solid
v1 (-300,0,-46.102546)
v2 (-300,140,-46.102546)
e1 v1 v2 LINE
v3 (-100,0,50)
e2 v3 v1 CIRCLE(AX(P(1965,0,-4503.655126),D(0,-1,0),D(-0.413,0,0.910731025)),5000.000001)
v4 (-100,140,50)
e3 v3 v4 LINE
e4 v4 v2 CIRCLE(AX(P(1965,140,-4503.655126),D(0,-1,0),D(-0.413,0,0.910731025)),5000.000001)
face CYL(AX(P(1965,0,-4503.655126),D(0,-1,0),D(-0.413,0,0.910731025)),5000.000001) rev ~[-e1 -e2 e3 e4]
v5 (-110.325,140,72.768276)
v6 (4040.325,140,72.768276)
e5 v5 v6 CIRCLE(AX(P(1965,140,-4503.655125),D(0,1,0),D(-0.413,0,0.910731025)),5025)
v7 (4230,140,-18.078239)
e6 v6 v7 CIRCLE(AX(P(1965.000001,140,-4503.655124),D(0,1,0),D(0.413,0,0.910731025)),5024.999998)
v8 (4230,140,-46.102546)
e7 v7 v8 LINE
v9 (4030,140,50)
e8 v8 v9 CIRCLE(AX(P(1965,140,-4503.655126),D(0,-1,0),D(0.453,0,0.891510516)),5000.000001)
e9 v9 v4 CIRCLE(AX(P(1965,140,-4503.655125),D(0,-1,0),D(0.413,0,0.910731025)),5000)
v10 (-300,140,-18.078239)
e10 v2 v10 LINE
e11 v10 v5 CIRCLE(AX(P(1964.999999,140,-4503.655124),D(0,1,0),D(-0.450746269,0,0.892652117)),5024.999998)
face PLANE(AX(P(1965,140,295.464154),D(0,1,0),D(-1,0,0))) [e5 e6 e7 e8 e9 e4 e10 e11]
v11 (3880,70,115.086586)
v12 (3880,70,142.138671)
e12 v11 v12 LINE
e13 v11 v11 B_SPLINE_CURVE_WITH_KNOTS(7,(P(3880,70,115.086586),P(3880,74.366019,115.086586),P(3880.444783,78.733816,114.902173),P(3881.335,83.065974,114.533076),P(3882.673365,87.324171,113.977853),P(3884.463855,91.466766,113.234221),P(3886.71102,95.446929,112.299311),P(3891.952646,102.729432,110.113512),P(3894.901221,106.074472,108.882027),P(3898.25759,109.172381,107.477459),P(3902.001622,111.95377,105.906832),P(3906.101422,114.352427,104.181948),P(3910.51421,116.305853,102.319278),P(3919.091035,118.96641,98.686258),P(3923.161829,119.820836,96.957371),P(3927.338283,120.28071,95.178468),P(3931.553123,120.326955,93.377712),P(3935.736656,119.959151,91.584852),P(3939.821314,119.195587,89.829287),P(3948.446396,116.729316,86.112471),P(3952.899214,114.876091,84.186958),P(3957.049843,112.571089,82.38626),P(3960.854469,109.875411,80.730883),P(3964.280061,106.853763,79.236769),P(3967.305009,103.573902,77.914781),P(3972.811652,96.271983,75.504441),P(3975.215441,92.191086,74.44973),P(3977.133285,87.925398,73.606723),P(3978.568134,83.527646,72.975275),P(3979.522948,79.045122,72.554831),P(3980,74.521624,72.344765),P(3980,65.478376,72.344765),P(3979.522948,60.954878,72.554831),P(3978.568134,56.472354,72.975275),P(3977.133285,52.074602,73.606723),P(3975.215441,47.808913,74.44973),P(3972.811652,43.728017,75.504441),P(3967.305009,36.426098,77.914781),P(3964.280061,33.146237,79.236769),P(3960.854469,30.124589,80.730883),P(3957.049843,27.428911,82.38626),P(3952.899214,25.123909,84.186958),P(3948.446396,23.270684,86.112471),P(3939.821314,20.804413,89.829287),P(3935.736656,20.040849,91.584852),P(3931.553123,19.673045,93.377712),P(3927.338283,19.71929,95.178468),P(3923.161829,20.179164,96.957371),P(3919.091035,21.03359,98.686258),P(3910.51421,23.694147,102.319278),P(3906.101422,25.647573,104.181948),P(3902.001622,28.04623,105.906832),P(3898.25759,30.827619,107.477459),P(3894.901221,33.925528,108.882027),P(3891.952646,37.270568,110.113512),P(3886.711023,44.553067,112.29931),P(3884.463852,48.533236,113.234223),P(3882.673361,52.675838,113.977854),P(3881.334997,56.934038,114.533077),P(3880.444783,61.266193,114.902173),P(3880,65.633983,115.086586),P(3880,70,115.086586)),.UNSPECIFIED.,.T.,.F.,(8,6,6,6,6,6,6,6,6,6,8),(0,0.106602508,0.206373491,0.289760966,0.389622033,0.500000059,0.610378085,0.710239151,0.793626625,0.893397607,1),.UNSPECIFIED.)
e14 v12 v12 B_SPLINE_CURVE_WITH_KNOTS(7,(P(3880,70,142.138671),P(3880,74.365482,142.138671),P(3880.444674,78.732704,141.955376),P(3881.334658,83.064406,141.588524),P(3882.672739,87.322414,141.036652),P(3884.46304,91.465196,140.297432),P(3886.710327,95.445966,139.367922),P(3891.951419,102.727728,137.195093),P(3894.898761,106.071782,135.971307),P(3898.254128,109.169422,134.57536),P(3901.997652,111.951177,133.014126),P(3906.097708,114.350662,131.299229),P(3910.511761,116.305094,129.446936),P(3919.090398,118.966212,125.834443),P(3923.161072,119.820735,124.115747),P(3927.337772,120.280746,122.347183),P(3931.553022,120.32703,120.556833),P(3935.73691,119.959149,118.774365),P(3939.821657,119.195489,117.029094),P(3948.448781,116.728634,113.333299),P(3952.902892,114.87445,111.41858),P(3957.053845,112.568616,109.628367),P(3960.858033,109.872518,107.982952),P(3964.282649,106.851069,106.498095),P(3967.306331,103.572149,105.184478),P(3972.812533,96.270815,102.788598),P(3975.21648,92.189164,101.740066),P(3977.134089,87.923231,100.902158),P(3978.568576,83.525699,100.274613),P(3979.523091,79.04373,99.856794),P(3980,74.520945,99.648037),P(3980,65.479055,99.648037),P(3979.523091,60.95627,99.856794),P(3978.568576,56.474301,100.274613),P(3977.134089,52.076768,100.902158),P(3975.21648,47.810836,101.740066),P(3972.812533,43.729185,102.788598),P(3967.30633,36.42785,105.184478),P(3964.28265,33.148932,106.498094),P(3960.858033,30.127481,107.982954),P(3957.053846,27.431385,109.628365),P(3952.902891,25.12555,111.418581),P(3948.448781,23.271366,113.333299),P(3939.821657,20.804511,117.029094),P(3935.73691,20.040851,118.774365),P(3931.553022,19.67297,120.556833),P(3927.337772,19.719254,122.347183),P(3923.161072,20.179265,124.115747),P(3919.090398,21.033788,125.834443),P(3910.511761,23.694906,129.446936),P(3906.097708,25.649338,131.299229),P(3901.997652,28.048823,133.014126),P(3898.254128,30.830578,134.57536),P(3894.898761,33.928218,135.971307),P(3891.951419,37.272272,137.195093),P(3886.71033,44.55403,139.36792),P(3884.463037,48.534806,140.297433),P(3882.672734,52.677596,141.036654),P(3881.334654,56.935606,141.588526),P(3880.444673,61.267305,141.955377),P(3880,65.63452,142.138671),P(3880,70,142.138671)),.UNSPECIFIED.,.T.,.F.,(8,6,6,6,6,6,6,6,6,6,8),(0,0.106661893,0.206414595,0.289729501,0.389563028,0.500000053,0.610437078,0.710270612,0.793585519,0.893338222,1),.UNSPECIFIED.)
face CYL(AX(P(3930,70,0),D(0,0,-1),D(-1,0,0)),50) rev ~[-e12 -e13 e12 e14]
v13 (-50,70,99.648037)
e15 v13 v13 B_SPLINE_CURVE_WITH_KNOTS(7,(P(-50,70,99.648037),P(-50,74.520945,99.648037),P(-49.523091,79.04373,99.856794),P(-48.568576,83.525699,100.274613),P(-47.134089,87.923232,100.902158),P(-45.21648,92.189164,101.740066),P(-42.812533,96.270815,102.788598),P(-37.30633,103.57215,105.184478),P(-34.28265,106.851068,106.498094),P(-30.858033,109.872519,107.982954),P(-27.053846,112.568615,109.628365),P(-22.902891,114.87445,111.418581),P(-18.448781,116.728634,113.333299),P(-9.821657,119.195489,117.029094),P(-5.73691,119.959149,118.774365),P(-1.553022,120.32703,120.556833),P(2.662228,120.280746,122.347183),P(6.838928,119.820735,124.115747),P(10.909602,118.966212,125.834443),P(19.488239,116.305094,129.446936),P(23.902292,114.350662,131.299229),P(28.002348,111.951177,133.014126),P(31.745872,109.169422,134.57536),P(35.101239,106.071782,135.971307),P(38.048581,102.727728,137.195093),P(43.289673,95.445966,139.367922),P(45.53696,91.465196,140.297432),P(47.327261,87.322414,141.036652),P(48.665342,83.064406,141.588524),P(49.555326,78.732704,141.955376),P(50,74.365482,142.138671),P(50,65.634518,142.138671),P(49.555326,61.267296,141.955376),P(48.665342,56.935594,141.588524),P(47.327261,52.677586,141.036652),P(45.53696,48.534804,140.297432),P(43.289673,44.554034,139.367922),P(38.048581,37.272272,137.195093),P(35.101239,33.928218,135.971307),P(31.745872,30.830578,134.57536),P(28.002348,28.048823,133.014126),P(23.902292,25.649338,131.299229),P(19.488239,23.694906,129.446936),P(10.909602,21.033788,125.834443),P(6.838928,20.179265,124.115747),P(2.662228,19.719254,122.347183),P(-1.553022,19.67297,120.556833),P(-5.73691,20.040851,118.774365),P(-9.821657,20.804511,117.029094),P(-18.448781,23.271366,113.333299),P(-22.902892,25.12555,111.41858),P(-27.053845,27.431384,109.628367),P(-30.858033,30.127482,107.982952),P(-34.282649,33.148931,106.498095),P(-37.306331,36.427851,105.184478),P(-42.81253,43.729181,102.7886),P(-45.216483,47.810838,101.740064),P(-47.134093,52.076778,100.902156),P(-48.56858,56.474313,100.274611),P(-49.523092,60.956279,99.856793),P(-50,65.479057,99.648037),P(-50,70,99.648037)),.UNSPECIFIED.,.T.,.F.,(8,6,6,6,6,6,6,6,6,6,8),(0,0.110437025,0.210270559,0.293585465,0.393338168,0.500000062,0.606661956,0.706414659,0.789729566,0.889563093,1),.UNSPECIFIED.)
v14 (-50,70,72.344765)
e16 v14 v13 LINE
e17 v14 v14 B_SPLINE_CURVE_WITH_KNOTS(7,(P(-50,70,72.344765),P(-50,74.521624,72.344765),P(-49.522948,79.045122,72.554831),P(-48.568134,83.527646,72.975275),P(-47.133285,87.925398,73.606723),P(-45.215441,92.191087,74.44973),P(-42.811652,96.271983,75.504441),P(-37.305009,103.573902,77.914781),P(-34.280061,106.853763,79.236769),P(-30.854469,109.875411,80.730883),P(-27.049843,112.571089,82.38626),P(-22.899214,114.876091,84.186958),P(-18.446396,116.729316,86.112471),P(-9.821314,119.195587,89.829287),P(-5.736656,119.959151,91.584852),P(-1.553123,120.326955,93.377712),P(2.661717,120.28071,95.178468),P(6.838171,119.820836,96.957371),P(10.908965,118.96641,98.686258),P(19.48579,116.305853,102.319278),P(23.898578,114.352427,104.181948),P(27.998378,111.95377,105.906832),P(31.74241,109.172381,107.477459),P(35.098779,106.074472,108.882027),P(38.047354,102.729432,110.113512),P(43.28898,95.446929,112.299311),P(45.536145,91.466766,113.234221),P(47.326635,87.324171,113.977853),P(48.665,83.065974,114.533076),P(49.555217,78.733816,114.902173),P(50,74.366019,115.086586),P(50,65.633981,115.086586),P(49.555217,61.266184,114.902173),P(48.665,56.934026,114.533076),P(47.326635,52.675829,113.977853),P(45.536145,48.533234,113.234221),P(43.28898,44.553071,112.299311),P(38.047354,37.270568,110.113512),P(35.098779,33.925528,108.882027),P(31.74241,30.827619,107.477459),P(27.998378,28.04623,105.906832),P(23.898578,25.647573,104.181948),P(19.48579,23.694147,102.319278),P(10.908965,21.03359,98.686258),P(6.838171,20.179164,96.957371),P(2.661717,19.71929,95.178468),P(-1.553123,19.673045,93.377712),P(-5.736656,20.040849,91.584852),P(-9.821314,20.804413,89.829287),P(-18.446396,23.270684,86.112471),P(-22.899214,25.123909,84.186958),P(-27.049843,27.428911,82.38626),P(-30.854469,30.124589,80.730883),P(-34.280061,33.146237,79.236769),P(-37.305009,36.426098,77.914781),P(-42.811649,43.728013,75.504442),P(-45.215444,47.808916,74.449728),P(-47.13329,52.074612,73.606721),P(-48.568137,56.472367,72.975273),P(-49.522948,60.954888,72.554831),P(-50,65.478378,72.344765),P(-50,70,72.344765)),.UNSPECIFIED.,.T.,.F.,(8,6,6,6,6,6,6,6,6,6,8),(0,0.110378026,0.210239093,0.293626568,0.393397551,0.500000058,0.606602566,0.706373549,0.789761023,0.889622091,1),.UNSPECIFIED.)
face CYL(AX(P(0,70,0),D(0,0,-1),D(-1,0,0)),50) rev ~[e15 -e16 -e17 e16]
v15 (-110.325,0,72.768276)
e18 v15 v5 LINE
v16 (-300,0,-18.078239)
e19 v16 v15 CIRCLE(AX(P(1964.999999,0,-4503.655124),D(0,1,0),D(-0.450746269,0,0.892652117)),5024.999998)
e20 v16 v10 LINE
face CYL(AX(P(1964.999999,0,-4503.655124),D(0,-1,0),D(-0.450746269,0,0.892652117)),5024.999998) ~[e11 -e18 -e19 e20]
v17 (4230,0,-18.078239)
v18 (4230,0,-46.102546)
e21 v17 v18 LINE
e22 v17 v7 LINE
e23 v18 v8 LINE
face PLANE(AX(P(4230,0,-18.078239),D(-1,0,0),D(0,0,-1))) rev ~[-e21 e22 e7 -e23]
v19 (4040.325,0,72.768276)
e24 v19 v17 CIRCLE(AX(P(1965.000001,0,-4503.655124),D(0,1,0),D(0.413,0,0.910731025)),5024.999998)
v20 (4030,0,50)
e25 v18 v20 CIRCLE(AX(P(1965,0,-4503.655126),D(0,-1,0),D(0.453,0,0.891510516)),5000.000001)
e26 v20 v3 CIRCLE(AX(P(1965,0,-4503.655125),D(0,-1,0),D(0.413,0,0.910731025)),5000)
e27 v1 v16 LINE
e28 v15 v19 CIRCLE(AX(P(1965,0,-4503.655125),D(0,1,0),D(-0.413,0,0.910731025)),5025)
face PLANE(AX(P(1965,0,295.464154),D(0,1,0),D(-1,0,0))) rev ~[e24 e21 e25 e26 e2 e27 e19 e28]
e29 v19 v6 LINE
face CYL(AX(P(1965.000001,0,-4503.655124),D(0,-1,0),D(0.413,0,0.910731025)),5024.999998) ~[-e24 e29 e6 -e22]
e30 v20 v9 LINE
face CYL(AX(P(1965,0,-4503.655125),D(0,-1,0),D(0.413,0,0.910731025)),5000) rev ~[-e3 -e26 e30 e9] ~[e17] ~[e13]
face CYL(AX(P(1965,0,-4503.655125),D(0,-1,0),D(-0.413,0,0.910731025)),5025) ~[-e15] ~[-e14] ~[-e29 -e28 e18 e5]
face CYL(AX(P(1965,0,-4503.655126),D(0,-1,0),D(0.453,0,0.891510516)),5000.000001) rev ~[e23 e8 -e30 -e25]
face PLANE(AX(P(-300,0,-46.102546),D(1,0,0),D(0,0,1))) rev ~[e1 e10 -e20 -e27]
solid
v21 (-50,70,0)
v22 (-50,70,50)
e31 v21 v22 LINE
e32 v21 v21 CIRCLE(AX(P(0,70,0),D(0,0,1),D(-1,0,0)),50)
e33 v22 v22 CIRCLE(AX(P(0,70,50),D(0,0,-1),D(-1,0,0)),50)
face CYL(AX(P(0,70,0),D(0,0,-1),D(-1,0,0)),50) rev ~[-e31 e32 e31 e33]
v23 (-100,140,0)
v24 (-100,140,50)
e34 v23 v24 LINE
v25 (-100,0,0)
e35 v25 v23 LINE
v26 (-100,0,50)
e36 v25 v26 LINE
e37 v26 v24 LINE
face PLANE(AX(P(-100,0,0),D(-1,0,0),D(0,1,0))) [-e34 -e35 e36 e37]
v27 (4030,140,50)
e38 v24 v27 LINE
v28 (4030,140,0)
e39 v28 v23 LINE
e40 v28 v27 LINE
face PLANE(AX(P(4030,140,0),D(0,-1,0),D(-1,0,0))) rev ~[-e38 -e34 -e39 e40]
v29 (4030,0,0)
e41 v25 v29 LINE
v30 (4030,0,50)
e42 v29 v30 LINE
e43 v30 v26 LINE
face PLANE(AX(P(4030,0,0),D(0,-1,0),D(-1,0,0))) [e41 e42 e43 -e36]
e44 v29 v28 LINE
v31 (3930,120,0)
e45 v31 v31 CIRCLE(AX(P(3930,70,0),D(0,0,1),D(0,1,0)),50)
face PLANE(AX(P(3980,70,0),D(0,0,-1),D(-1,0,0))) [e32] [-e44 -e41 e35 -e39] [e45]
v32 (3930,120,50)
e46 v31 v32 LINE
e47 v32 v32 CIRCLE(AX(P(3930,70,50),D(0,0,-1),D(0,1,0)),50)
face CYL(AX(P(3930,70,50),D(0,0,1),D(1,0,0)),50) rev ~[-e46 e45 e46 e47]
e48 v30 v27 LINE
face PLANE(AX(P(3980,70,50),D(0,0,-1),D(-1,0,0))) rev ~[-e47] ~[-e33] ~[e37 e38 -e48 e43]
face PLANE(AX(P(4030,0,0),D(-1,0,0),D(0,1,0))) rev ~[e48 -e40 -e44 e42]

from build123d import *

# Parameters (mm, degrees)
SKETCH1_W           = 3930
SKETCH1_H           = 140
BOSS_EXTRUDE1_DEPTH = 50
SKETCH2_R           = 50
CUT_EXTRUDE1_DEPTH  = 50
SKETCH3_W           = 100
SKETCH3_H           = 140
BOSS_EXTRUDE2_DEPTH = 50
SKETCH4_R           = 50
CUT_EXTRUDE2_DEPTH  = 51
BOSS_EXTRUDE3_DEPTH = 140
SKETCH6_R           = 50
CUT_EXTRUDE3_DEPTH  = 522.344874719


with BuildPart() as part:
    # Sketch1 → Boss-Extrude1 (new body)
    with BuildSketch(Plane.XY):
        with Locations((1965, 70)):
            Rectangle(SKETCH1_W, SKETCH1_H)
    extrude(amount=BOSS_EXTRUDE1_DEPTH)

    # Sketch2 → Cut-Extrude1 (cut)
    with BuildSketch(Plane.XY.offset(50)):
        with Locations((3930, 70)):
            Circle(SKETCH2_R)
        with Locations((0, 70)):
            Circle(SKETCH2_R)
    extrude(amount=-CUT_EXTRUDE1_DEPTH, mode=Mode.SUBTRACT)

    # Sketch3 → Boss-Extrude2 (add, through all)
    with BuildSketch(Plane(origin=(0, 0, 0), x_dir=(-1, 0, 0), z_dir=(0, 0, -1))):
        with Locations((-3980, 70)):
            Rectangle(SKETCH3_W, SKETCH3_H)
        with Locations((50, 70)):
            Rectangle(SKETCH3_W, SKETCH3_H)
    extrude(amount=-BOSS_EXTRUDE2_DEPTH)

    # Sketch4 → Cut-Extrude2 (cut, through all)
    with BuildSketch(Plane(origin=(0, 0, 0), x_dir=(-1, 0, 0), z_dir=(0, 0, -1))):
        with Locations((0, 70)):
            Circle(SKETCH4_R)
        with Locations((-3930, 70)):
            Circle(SKETCH4_R)
    extrude(amount=-CUT_EXTRUDE2_DEPTH, mode=Mode.SUBTRACT)


with BuildPart() as body_2:
    # Sketch5 → Boss-Extrude3 (new body, through all)
    with BuildSketch(Plane.XZ):
        with BuildLine():
            Line((-300, -46.10254567), (-300, -18.078239305))
            ThreePointArc((-300, -18.078239305), (-205.637820717, 28.337422294), (-110.325, 72.768275626))
            ThreePointArc((-110.325, 72.768275626), (1965, 521.344874719), (4040.325, 72.768275626))
            ThreePointArc((4040.325, 72.768275626), (4135.637820717, 28.337422294), (4230, -18.078239305))
            Line((4230, -18.078239305), (4230, -46.10254567))
            ThreePointArc((4230, -46.10254567), (4130.533173337, 3.0583197), (4030, 50))
            ThreePointArc((4030, 50), (1965, 496.344874719), (-100, 50))
            ThreePointArc((-100, 50), (-200.533173337, 3.0583197), (-300, -46.10254567))
        make_face()
    extrude(amount=-BOSS_EXTRUDE3_DEPTH)

    # Sketch6 → Cut-Extrude3 (cut, through all)
    with BuildSketch(Plane(origin=(0, 0, 0), x_dir=(-1, 0, 0), z_dir=(0, 0, -1))):
        with Locations((-3930, 70)):
            Circle(SKETCH6_R)
        with Locations((0, 70)):
            Circle(SKETCH6_R)
    extrude(amount=-CUT_EXTRUDE3_DEPTH, mode=Mode.SUBTRACT)


solid = Compound([part.part, body_2.part])
